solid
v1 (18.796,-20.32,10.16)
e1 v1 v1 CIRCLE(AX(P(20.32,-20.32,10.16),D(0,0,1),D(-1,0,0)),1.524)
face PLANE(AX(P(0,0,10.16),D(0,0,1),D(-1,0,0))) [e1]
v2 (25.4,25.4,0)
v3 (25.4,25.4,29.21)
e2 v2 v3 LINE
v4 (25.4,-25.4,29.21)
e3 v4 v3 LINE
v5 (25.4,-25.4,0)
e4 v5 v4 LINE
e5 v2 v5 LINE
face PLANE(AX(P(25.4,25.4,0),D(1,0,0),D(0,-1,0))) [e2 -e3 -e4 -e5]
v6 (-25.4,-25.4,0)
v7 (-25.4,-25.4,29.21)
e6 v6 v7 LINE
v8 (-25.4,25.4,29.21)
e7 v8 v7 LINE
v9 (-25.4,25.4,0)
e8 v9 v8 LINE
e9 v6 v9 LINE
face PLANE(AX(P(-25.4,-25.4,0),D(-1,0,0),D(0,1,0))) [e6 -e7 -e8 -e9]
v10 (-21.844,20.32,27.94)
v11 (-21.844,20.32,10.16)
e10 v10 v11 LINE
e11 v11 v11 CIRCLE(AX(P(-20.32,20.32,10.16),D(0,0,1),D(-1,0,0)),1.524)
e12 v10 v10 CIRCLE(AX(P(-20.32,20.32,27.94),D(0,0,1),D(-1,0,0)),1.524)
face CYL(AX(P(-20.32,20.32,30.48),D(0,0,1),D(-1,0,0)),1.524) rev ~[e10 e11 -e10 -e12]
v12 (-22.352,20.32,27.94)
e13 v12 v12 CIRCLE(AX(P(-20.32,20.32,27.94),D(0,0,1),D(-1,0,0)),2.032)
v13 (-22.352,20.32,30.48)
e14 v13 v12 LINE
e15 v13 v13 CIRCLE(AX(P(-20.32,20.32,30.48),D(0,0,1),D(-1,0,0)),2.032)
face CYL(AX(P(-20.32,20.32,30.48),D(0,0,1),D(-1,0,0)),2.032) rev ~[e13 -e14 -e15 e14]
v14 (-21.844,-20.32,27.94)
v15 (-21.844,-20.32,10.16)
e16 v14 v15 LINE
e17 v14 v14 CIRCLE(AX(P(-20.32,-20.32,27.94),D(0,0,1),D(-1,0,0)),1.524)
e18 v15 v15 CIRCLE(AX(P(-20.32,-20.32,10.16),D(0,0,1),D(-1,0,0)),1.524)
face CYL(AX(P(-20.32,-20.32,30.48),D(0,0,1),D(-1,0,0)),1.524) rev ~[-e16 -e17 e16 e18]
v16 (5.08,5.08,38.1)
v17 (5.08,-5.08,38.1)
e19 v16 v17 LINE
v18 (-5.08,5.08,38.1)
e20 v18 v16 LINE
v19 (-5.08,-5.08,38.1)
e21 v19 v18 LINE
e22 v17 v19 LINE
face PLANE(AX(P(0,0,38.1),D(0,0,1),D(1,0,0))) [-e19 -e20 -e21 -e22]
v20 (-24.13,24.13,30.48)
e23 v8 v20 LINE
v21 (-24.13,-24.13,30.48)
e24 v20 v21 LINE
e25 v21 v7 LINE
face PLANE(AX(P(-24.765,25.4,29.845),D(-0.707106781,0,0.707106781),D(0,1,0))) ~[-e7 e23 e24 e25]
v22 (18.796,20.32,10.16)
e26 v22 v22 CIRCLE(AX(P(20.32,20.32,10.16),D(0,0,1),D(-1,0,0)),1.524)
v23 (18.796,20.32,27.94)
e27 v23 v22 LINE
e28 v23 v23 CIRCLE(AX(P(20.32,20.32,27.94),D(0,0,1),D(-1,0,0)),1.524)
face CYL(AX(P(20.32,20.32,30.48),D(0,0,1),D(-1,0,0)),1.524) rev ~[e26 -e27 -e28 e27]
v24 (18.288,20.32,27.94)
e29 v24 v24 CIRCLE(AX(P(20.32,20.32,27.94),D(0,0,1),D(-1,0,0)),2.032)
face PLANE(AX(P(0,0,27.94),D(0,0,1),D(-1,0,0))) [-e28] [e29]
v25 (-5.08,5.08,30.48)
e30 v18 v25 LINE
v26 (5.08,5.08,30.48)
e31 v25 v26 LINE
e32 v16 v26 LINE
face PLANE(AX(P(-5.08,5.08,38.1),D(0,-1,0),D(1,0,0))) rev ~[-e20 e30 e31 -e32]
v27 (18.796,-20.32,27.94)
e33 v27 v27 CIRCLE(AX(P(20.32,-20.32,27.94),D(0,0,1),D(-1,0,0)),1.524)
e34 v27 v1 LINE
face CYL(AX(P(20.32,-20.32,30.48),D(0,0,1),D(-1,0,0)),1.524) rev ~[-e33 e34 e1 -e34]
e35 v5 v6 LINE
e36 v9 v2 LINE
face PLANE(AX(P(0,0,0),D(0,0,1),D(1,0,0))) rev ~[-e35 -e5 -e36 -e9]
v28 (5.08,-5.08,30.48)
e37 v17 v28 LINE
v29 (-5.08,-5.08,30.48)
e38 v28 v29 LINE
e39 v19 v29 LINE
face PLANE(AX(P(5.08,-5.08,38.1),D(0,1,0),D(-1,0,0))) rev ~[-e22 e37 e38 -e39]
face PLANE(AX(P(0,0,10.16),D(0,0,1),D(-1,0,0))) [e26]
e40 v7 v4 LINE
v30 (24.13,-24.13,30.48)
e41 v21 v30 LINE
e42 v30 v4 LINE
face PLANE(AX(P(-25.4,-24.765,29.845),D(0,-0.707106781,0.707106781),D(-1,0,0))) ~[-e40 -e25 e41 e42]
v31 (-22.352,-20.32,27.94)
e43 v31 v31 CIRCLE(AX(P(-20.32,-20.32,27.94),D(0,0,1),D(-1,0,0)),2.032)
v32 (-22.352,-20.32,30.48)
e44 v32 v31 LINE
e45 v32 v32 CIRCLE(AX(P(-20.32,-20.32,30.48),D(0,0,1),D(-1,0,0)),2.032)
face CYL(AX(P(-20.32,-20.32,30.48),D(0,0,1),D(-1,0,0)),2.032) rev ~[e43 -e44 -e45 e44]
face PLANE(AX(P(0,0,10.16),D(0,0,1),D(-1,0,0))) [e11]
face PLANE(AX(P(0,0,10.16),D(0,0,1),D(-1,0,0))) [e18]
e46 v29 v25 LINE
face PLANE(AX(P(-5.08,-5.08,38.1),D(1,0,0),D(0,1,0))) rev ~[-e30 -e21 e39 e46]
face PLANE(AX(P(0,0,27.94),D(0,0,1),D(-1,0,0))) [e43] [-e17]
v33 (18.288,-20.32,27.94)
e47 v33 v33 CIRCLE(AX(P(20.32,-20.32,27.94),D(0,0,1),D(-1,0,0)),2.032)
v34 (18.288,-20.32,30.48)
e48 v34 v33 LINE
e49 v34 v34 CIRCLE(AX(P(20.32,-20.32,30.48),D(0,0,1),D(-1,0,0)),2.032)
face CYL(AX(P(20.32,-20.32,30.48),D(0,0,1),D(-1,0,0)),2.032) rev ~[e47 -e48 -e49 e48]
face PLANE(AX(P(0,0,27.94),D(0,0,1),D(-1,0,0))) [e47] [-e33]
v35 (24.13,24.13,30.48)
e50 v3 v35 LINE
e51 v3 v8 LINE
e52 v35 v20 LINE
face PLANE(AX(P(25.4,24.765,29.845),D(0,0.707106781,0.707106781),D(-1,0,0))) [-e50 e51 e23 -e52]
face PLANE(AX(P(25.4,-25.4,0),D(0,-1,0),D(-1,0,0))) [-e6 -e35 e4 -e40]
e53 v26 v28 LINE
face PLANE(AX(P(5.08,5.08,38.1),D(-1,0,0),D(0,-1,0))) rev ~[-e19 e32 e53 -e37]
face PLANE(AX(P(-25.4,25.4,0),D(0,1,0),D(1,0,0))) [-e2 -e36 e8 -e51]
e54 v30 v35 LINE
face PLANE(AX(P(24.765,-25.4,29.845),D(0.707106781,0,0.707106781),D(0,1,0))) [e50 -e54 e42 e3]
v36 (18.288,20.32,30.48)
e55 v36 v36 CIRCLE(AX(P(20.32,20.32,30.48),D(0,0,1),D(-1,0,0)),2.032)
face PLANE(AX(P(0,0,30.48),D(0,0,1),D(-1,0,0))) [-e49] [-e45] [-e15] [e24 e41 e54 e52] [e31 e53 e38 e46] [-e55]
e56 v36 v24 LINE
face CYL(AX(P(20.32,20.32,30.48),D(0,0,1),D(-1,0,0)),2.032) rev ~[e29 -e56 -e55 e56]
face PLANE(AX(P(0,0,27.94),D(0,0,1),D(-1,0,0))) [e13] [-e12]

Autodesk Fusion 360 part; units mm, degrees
sketch "Sketch1" plane through (0, 0, 0) normal (0, 0, 1) x (1, 0, 0)
  line L0 (-25.4, 25.4) -> (25.4, 25.4)
  line L1 (25.4, 25.4) -> (25.4, -25.4)
  line L2 (25.4, -25.4) -> (-25.4, -25.4)
  line L3 (-25.4, -25.4) -> (-25.4, 25.4)
  line L4 (-25.4, 25.4) -> (25.4, -25.4) construction
  line L5 (25.4, 25.4) -> (-25.4, -25.4) construction
  dimension "d1" = 50.8
  dimension "d2" = 50.8
extrude "Extrude1" add sketch "Sketch1" along normal blind 38.1
sketch "Sketch2" plane through (0, 0, 38.1) normal (0, 0, 1) x (-1, 0, 0)
  line L0 (25.4, 25.4) -> (-25.4, 25.4)
  line L1 (-25.4, 25.4) -> (-25.4, -25.4)
  line L2 (-25.4, -25.4) -> (25.4, -25.4)
  line L3 (25.4, -25.4) -> (25.4, 25.4)
  line L4 (5.08, -5.08) -> (-5.08, -5.08)
  line L5 (-5.08, -5.08) -> (-5.08, 5.08)
  line L6 (-5.08, 5.08) -> (5.08, 5.08)
  line L7 (5.08, 5.08) -> (5.08, -5.08)
  line L8 (5.08, -5.08) -> (-5.08, 5.08) construction
  line L9 (-5.08, -5.08) -> (5.08, 5.08) construction
  line L10 (-25.4, -25.4) -> (25.4, -25.4)
  line L11 (25.4, 25.4) -> (25.4, -25.4)
  line L12 (25.4, 25.4) -> (-25.4, 25.4)
  line L13 (-25.4, -25.4) -> (-25.4, 25.4)
  dimension "d5" = 10.16
  dimension "d6" = 10.16
extrude "Extrude2" cut sketch "Sketch2" against normal blind 7.62
sketch "Sketch3" plane through (0, 0, 30.48) normal (0, 0, 1) x (-1, 0, 0)
  line L0 (-5.08, 5.08) -> (5.08, 5.08)
  line L1 (5.08, 5.08) -> (5.08, -5.08)
  line L2 (5.08, -5.08) -> (-5.08, -5.08)
  line L3 (-5.08, -5.08) -> (-5.08, 5.08)
  line L4 (25.4, 25.4) -> (-25.4, 25.4)
  line L5 (-25.4, 25.4) -> (-25.4, -25.4)
  line L6 (-25.4, -25.4) -> (25.4, -25.4)
  line L7 (25.4, -25.4) -> (25.4, 25.4)
  circle A0 centre (20.32, 20.32) radius 2.032
  circle A1 centre (-20.32, 20.32) radius 2.032
  circle A2 centre (-20.32, -20.32) radius 2.032
  circle A3 centre (20.32, -20.32) radius 2.032
  dimension "d11" = 4.064
  dimension "d13" = 360
  dimension "d14" = 5.08
  dimension "d15" = 5.08
  dimension "d17" = 5.08
  dimension "d18" = 5.08
  dimension "d19" = 5.08
extrude "Extrude3" cut sketch "Sketch3" against normal blind 2.54 contours A0 | A1 | A2 | A3
sketch "Sketch4" plane through (0, 0, 30.48) normal (0, 0, 1) x (-1, 0, 0)
  circle A0 centre (-20.32, 20.32) radius 2.032
  circle A1 centre (20.32, 20.32) radius 2.032
  circle A2 centre (-20.32, -20.32) radius 2.032
  circle A3 centre (20.32, -20.32) radius 2.032
  line L0 (-5.08, 5.08) -> (5.08, 5.08)
  line L1 (5.08, 5.08) -> (5.08, -5.08)
  line L2 (5.08, -5.08) -> (-5.08, -5.08)
  line L3 (-5.08, -5.08) -> (-5.08, 5.08)
  line L4 (25.4, 25.4) -> (-25.4, 25.4)
  line L5 (-25.4, 25.4) -> (-25.4, -25.4)
  line L6 (-25.4, -25.4) -> (25.4, -25.4)
  line L7 (25.4, -25.4) -> (25.4, 25.4)
  circle A4 centre (20.32, -20.32) radius 1.524
  circle A5 centre (20.32, 20.32) radius 1.524
  circle A6 centre (-20.32, 20.32) radius 1.524
  circle A7 centre (-20.32, -20.32) radius 1.524
  dimension "d22" = 3.048
  dimension "d24" = 360
extrude "Extrude4" cut sketch "Sketch4" against normal blind 20.32 contours A4 | A5 | A6 | A7
chamfer "Chamfer1" distance 1.27 angle 45 4 edges at (0, -25.4, 30.48) (25.4, 0, 30.48) (0, 25.4, 30.48) (-25.4, 0, 30.48)
